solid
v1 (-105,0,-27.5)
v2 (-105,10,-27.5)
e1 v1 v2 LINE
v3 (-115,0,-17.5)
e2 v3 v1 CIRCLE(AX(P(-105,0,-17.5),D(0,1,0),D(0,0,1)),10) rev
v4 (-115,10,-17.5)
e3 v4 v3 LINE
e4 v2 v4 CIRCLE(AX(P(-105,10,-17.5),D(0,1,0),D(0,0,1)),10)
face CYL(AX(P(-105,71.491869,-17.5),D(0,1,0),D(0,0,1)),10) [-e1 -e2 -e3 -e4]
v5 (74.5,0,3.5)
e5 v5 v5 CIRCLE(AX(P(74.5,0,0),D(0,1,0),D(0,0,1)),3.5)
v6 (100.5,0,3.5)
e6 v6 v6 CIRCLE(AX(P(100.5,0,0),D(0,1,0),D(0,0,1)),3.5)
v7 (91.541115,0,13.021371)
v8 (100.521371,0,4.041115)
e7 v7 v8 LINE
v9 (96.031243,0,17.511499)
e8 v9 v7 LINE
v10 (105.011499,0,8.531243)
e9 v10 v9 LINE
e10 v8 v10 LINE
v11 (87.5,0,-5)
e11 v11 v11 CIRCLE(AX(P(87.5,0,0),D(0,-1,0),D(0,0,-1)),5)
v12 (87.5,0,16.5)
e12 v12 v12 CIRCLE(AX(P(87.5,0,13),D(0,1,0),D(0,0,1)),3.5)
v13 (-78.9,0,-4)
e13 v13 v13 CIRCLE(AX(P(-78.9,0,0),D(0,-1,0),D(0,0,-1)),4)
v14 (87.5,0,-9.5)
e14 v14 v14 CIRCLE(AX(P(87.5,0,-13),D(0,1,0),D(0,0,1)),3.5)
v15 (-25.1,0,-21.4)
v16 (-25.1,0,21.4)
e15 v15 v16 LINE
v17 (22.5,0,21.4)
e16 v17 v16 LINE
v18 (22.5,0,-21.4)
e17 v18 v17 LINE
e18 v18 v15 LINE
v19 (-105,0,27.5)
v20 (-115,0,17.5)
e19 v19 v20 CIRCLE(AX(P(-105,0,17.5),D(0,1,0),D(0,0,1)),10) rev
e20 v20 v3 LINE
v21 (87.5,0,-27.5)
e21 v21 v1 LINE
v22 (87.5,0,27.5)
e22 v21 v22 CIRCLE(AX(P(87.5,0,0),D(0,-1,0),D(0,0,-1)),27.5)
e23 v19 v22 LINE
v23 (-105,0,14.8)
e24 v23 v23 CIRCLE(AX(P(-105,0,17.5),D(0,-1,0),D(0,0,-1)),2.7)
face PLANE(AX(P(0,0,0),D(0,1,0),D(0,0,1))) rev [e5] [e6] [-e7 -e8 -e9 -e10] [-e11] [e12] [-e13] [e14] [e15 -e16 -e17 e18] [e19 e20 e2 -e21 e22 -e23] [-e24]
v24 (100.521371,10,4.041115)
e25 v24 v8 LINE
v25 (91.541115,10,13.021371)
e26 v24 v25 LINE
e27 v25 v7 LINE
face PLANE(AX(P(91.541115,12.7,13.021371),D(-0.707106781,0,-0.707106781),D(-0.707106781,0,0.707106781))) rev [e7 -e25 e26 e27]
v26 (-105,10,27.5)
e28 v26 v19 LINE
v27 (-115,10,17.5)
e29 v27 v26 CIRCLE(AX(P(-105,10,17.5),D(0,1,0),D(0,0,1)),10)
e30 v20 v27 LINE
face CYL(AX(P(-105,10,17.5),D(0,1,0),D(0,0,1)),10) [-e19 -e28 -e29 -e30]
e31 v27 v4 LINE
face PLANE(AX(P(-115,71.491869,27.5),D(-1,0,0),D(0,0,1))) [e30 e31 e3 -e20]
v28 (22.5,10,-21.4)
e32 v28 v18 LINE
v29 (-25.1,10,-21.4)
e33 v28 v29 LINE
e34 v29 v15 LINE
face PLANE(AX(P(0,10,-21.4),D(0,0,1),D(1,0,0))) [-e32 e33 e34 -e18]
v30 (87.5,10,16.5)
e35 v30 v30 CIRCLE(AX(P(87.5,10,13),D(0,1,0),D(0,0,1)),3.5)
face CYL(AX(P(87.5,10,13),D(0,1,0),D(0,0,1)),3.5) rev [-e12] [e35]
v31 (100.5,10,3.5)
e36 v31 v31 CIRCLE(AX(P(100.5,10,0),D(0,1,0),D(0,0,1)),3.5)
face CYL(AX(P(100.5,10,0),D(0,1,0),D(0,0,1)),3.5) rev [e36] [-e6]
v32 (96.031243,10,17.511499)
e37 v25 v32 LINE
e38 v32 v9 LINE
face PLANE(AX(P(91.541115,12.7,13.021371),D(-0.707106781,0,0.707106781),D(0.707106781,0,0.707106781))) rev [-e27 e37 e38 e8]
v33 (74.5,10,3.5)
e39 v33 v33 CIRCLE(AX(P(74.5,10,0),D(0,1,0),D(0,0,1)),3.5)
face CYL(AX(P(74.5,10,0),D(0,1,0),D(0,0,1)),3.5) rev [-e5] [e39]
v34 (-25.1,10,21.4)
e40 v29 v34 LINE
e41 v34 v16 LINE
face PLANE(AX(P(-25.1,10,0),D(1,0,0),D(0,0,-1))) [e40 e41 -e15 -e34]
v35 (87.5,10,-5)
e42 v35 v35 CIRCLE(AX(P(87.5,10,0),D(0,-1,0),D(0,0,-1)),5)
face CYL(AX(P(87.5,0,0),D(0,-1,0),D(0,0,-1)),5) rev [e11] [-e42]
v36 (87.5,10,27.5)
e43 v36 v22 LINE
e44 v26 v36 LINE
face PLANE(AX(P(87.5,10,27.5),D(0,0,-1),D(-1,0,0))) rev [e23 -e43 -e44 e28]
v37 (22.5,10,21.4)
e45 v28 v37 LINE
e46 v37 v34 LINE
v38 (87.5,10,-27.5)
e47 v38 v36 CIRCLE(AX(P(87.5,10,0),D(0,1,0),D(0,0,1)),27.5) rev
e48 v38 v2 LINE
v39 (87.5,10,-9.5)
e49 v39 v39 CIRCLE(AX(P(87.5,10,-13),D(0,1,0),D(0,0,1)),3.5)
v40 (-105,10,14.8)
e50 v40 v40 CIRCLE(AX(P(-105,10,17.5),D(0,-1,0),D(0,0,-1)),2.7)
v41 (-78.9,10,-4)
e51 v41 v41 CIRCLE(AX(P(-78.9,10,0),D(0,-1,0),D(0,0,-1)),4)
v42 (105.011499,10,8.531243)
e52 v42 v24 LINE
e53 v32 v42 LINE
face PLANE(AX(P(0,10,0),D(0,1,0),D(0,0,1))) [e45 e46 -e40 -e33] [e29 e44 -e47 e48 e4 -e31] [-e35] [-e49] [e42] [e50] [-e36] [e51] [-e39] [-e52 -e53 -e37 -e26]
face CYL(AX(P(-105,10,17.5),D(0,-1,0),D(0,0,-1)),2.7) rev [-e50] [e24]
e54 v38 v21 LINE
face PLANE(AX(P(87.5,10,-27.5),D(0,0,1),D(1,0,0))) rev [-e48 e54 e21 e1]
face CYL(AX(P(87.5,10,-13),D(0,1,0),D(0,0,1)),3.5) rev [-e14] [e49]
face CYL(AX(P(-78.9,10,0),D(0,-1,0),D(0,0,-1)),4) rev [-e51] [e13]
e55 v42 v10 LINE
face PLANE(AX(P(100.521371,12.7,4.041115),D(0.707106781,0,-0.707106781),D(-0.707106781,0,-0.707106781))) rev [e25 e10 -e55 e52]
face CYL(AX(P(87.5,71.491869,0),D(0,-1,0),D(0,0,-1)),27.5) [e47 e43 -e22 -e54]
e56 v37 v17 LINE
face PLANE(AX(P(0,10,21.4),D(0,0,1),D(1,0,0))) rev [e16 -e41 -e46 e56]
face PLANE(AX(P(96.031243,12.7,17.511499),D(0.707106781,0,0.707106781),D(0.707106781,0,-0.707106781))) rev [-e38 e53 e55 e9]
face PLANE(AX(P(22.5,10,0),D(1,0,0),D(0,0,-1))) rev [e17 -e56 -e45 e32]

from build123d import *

# Parameters (mm, degrees)
SKETCH1_W            = 175
SKETCH1_H            = 55
BOSS_EXTRUDE1_DEPTH  = 10
SKETCH2_W            = 27.5
SKETCH2_H            = 55
BOSS_EXTRUDE2_DEPTH  = 10
M8_CLEARANCE_HOLE1_D = 10
M6_CLEARANCE_HOLE1_D = 7
FILLET1_R            = 10
SKETCH11_W           = 42.4
SKETCH11_H           = 42.4
CUT_EXTRUDE3_DEPTH   = 119.664442863
SKETCH12_R           = 4
CUT_EXTRUDE4_DEPTH   = 119.664442863
SKETCH13_W           = 5
SKETCH13_H           = 42.4
CUT_EXTRUDE5_DEPTH   = 119.664442863
CUT_EXTRUDE6_DEPTH   = 12.7
SKETCH16_R           = 2.7
CUT_EXTRUDE8_DEPTH   = 119.664442863


with BuildPart() as part:
    # Sketch1 → Boss-Extrude1 (new body)
    with BuildSketch(Plane(origin=(0, 0, 0), x_dir=(1, 0, 0), z_dir=(0, 1, 0))):
        Rectangle(SKETCH1_W, SKETCH1_H)
    extrude(amount=BOSS_EXTRUDE1_DEPTH)

    # Sketch2 → Boss-Extrude2 (add)
    with BuildSketch(Plane.XZ):
        with Locations((-101.25, 0)):
            Rectangle(SKETCH2_W, SKETCH2_H)
        with BuildLine():
            Line((87.5, 27.5), (87.5, -27.5))
            ThreePointArc((87.5, -27.5), (115, 0), (87.5, 27.5))
        make_face()
    extrude(amount=-BOSS_EXTRUDE2_DEPTH)

    # M8 Clearance Hole1 (through all)
    with Locations(Plane(origin=(0, 0, 0), x_dir=(-1, 0, 0), z_dir=(0, -1, 0))):
        with Locations((-87.5, 0)):
            Hole(M8_CLEARANCE_HOLE1_D / 2)

    # M6 Clearance Hole1 (through all)
    with Locations(Plane(origin=(0, 10, 0), x_dir=(1, 0, 0), z_dir=(0, 1, 0))):
        with Locations((87.5, 13), (74.5, 0), (100.5, 0), (87.5, -13)):
            Hole(M6_CLEARANCE_HOLE1_D / 2)

    # Fillet1
    fillet1_edges = [part.edges().sort_by_distance(p)[0] for p in [
        (-115, 5, -27.5),
        (-115, 5, 27.5),
    ]]
    fillet(fillet1_edges, radius=FILLET1_R)

    # Sketch11 → Cut-Extrude3 (cut, through all)
    with BuildSketch(Plane.XZ):
        with Locations((-3.7, 0)):
            Rectangle(SKETCH11_W, SKETCH11_H)
    extrude(amount=-CUT_EXTRUDE3_DEPTH, mode=Mode.SUBTRACT)

    # Sketch12 → Cut-Extrude4 (cut, through all)
    with BuildSketch(Plane.XZ):
        with Locations(Location((-78.9, 0, 0), (0, 0, 270))):
            Circle(SKETCH12_R)
    extrude(amount=-CUT_EXTRUDE4_DEPTH, mode=Mode.SUBTRACT)

    # Sketch13 → Cut-Extrude5 (cut, through all)
    with BuildSketch(Plane.XZ):
        Polygon((-25.1, -21.4), (-25.1, 21.4), (-24.9, 21.4), (-24.9, 21.2), (-24.9, -21.2), (-24.9, -21.4), align=None)
        Polygon((17.5, 21.2), (22.5, 21.2), (22.5, 21.4), (-24.9, 21.4), (-24.9, 21.2), align=None)
        with Locations((20, 0)):
            Rectangle(SKETCH13_W, SKETCH13_H)
        Polygon((-24.9, -21.2), (-24.9, -21.4), (22.5, -21.4), (22.5, -21.2), (17.5, -21.2), align=None)
    extrude(amount=-CUT_EXTRUDE5_DEPTH, mode=Mode.SUBTRACT)

    # Sketch14 → Cut-Extrude6 (cut)
    with BuildSketch(Plane.XZ):
        Polygon((91.541115254, 13.021371376), (100.521371376, 4.041115254), (105.011499436, 8.531243315), (96.031243315, 17.511499436), align=None)
    extrude(amount=-CUT_EXTRUDE6_DEPTH, mode=Mode.SUBTRACT)

    # Sketch16 → Cut-Extrude8 (cut, through all)
    with BuildSketch(Plane.XZ):
        with Locations(Location((-105, 17.5, 0), (0, 0, 270))):
            Circle(SKETCH16_R)
    extrude(amount=-CUT_EXTRUDE8_DEPTH, mode=Mode.SUBTRACT)


solid = part.part
